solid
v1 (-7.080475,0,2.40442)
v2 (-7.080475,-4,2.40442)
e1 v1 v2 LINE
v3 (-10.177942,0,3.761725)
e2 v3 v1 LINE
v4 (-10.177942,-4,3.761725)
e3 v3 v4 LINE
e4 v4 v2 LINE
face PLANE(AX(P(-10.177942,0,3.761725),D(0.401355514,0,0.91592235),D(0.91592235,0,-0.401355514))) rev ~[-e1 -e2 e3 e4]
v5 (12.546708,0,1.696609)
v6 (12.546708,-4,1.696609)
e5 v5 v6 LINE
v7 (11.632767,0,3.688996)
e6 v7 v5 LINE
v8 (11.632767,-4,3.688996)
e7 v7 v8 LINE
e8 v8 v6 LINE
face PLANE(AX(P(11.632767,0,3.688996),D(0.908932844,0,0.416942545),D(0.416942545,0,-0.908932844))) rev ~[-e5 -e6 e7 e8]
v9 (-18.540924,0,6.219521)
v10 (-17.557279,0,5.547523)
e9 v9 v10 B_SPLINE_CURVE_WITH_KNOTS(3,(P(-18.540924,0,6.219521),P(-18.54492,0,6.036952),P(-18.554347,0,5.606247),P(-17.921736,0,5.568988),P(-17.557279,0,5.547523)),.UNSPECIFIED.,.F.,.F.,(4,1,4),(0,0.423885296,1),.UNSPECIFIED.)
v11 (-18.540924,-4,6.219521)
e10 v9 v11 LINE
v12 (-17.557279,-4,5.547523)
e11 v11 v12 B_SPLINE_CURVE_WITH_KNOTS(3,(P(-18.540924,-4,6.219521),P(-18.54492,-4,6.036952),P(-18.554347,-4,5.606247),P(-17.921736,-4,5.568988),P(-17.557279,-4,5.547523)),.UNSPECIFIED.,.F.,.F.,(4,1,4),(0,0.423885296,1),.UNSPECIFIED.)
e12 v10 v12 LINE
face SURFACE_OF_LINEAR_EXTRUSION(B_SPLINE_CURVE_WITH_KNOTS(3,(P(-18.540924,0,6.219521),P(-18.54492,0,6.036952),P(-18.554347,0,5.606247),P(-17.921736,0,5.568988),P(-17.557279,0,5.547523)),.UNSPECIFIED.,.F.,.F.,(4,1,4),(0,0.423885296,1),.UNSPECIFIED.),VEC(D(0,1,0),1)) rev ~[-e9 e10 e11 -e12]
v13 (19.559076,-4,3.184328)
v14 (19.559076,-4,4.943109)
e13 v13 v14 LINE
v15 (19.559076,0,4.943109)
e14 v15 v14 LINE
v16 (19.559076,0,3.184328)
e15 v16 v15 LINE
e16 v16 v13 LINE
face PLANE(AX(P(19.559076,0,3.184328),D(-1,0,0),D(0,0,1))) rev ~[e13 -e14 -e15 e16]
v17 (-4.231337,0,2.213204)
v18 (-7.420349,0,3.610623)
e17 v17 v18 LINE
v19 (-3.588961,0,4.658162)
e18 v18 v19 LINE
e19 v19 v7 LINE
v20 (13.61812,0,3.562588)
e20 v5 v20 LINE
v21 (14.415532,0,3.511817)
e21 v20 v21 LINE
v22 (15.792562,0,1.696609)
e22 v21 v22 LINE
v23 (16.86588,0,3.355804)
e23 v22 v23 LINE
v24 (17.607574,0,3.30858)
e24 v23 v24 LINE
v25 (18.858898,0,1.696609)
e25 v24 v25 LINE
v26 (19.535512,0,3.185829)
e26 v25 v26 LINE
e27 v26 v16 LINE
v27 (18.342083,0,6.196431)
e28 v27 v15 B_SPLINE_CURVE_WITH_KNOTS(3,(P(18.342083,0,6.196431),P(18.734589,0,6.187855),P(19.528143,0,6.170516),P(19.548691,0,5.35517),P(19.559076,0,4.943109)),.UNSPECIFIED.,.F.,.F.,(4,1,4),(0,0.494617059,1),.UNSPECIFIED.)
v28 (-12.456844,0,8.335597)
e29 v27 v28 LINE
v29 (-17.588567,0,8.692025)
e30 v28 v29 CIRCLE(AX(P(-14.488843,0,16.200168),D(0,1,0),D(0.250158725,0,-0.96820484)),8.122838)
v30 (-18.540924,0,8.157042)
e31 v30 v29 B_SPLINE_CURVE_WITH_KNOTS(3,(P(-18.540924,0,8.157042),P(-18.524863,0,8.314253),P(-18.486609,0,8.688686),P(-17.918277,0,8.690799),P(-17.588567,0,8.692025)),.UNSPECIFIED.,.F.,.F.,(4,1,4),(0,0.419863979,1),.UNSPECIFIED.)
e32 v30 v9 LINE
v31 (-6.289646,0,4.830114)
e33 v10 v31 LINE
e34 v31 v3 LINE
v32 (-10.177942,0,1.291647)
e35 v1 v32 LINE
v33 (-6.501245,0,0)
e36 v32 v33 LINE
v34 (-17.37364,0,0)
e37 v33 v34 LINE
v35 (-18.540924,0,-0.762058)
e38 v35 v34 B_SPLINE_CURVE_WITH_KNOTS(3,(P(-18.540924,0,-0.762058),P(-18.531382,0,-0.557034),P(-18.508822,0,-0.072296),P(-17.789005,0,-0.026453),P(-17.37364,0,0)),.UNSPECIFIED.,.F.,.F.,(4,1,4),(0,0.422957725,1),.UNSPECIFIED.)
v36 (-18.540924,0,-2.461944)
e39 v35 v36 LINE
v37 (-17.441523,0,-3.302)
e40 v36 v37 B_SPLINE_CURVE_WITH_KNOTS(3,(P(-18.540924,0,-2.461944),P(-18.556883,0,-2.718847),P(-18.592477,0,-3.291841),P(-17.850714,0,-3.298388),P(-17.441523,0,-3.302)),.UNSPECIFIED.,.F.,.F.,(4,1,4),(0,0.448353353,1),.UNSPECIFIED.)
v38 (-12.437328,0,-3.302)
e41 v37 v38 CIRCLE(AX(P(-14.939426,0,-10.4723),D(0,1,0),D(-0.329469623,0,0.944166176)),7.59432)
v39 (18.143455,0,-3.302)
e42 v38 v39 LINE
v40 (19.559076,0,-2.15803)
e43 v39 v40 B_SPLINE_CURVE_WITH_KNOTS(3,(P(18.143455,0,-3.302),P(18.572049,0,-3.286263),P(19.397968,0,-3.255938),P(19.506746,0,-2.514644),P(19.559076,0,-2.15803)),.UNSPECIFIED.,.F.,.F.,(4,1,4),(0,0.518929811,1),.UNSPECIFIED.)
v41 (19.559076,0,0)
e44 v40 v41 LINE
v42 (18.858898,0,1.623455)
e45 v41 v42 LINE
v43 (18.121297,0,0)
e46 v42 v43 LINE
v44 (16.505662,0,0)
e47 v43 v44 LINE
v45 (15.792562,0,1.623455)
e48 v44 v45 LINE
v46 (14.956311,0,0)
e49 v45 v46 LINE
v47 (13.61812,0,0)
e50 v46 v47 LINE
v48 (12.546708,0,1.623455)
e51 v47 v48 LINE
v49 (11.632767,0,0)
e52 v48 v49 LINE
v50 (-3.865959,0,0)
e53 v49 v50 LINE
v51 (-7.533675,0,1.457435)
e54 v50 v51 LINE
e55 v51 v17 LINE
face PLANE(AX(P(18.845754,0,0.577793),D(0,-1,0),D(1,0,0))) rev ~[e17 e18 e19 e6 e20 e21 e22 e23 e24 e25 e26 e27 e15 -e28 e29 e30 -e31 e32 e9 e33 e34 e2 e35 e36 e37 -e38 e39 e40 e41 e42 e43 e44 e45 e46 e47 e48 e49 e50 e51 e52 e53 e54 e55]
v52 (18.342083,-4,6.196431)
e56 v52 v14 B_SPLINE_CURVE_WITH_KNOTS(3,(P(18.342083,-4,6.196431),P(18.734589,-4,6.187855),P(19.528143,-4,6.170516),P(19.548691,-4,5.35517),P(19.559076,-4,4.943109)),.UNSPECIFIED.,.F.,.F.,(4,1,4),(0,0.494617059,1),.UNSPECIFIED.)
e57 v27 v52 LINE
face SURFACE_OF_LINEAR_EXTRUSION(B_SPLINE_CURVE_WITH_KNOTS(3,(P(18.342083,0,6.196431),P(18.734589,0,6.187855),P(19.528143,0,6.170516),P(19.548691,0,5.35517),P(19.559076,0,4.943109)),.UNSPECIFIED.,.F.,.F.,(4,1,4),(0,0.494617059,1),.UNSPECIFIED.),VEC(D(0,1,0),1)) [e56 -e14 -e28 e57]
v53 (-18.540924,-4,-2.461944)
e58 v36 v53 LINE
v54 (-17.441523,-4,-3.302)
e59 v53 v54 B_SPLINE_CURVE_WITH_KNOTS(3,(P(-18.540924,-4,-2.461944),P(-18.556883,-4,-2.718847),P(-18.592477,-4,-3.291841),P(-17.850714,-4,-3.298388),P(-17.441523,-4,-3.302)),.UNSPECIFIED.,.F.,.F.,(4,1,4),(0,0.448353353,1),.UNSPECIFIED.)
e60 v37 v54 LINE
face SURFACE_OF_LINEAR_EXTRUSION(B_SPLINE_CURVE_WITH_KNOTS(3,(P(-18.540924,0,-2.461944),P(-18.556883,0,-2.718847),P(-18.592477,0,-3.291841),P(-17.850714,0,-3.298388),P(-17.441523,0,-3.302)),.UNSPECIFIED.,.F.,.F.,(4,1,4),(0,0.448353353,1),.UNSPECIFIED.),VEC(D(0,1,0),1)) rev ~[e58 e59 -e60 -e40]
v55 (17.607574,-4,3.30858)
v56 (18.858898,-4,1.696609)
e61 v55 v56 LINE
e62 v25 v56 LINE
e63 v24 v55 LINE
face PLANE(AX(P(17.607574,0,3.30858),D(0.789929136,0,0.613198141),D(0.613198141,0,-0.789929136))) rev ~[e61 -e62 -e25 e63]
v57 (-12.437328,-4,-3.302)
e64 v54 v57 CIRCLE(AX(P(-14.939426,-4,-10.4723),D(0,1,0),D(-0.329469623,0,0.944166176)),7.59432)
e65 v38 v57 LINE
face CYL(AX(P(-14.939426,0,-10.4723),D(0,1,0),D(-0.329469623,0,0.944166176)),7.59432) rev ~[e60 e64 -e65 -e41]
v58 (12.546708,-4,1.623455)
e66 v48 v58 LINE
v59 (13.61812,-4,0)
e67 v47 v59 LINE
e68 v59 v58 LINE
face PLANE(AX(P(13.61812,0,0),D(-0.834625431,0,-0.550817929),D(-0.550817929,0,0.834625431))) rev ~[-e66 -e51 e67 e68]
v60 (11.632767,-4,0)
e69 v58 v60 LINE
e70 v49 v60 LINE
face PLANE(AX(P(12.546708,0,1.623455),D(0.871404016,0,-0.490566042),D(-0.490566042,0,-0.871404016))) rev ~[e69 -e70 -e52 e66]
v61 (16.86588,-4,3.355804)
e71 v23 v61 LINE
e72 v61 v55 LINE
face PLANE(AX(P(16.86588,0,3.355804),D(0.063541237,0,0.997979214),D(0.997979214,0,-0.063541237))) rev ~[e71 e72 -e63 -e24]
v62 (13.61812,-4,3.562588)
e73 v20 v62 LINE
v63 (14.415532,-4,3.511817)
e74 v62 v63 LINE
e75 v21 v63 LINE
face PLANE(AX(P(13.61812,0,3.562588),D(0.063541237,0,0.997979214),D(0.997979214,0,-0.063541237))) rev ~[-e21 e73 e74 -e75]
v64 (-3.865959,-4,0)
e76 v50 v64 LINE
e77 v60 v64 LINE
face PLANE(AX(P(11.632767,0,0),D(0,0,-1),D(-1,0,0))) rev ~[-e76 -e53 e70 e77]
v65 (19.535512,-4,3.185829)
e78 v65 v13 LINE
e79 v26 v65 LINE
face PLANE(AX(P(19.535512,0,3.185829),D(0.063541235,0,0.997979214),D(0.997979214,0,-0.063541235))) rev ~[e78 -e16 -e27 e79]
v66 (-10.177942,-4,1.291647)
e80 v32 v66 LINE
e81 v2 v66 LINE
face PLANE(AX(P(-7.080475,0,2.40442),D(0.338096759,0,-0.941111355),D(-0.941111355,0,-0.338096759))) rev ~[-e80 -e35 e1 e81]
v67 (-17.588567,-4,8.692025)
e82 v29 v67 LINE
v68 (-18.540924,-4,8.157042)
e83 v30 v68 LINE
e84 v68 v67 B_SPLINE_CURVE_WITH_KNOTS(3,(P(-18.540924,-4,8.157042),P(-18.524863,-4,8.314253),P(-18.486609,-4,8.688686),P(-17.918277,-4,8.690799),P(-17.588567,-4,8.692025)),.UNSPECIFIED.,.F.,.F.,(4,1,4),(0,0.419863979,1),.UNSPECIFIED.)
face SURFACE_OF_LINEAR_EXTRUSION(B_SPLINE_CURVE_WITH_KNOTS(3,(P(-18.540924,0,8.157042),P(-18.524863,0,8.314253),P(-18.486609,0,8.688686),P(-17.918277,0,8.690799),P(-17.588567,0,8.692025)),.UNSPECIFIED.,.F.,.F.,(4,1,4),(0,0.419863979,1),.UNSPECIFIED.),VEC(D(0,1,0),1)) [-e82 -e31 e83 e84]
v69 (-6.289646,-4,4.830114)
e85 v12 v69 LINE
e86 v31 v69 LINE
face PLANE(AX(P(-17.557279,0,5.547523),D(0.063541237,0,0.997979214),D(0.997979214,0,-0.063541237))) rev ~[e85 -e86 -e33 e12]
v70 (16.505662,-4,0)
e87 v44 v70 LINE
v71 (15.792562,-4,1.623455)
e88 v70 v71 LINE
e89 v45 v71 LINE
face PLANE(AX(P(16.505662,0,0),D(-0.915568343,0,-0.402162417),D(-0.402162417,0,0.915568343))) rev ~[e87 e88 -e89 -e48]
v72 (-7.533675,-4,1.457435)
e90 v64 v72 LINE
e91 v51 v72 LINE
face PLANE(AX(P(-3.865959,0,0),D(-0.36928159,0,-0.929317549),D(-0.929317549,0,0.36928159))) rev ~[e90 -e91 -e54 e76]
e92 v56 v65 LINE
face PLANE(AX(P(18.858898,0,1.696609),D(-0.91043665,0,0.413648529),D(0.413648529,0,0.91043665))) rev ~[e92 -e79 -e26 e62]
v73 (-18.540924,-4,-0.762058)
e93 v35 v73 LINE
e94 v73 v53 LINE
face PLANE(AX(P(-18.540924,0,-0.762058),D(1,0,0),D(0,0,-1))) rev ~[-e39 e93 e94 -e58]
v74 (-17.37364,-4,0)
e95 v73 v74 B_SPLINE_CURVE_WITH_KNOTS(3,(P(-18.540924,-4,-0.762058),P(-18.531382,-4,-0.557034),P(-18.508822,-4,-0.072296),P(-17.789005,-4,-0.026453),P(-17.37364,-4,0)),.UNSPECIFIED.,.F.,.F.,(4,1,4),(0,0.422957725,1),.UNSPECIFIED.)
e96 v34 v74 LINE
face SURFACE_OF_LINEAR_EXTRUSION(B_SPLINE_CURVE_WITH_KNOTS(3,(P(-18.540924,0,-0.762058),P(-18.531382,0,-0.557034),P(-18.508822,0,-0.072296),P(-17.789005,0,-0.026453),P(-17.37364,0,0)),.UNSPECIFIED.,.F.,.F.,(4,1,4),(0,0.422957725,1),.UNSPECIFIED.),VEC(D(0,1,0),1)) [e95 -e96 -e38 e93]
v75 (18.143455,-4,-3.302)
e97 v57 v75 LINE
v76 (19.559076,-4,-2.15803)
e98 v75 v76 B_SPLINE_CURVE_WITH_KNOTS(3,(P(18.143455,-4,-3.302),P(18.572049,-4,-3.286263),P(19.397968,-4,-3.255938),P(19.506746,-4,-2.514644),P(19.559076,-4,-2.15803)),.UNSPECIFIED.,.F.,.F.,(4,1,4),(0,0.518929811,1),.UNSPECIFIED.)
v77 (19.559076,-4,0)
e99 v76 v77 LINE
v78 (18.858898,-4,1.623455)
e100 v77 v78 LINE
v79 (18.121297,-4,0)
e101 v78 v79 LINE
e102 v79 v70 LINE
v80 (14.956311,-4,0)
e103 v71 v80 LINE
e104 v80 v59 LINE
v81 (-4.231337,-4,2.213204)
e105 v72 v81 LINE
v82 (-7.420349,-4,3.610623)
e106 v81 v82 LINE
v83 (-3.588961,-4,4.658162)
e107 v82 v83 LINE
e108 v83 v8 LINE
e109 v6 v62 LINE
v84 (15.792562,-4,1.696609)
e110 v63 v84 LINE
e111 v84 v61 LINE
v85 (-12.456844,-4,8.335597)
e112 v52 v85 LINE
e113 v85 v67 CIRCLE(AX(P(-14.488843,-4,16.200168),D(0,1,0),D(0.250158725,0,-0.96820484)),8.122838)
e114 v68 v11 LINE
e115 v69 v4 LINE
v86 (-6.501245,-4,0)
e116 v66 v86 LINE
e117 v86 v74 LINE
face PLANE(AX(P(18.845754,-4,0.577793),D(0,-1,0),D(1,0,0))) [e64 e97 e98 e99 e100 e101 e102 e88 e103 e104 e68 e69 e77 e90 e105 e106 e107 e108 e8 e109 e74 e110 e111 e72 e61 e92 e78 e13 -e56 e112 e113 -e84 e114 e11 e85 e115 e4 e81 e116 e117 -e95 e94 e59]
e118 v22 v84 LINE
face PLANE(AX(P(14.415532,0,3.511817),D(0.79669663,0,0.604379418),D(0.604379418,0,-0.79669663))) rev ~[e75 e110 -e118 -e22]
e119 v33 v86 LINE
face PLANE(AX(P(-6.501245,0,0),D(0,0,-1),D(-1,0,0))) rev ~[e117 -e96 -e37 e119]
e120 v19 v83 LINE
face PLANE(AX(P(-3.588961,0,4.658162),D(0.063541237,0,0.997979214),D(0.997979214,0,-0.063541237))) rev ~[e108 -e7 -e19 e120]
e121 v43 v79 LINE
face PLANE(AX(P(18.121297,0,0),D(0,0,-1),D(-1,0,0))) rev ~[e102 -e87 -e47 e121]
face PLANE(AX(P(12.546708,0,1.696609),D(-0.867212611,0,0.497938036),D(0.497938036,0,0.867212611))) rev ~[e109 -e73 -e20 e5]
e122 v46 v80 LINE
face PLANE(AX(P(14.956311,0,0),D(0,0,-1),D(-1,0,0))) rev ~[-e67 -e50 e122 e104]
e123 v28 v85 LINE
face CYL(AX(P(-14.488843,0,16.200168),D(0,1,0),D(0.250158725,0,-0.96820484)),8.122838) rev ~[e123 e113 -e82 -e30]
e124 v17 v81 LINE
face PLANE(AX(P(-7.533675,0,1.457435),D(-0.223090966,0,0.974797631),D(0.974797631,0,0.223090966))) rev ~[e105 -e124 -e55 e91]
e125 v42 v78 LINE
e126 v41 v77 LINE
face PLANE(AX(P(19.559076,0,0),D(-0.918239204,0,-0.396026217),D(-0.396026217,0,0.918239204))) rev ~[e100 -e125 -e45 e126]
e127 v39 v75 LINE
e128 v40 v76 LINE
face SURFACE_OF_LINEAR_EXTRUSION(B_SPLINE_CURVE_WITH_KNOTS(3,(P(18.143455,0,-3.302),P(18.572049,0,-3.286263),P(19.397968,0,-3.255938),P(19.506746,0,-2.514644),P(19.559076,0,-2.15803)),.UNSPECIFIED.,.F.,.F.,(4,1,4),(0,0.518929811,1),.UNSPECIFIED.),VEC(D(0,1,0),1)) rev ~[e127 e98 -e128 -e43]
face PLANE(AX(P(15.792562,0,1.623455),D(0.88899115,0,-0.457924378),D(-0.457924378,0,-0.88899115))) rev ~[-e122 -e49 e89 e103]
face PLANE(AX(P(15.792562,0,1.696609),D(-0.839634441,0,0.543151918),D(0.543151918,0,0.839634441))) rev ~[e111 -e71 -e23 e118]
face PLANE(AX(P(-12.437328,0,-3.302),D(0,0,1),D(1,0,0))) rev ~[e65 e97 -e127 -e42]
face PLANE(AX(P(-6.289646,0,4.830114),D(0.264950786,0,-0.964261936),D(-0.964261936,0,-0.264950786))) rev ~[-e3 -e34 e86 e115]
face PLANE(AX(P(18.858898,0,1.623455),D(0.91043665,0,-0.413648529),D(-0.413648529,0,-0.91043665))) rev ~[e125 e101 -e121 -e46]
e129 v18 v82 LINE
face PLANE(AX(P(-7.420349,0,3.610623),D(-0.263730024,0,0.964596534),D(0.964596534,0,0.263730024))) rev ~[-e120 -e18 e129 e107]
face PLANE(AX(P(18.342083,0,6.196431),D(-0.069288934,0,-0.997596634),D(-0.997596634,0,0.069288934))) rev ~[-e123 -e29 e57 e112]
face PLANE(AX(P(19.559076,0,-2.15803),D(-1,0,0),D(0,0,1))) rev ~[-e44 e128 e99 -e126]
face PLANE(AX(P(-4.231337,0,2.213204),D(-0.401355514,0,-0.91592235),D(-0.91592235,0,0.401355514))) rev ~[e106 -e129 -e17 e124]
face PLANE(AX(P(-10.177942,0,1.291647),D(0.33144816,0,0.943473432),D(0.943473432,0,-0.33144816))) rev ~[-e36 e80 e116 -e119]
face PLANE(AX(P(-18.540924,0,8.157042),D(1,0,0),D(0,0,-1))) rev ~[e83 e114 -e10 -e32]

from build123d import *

# Parameters (mm, degrees)
F1_DEPTH = 4


with BuildPart() as f1:
    # F0 (on Front) → F1 (new body)
    with BuildSketch(Plane.XZ):
        Polygon((18.1212967897, 0), (19.5590760559, 0), (18.8588984311, 1.6234545037), align=None)
        with BuildLine():
            Line((19.5590760559, -2.1580299363), (19.5590760559, 0))
            Line((19.5590760559, 0), (18.1212967897, 0))
            Line((18.1212967897, 0), (16.5056623518, 0))
            Line((16.5056623518, 0), (14.9563110818, 0))
            Line((14.9563110818, 0), (13.6181200498, 0))
            Line((13.6181200498, 0), (11.6327671148, 0))
            Line((11.6327671148, 0), (-3.8659593556, 0))
            Line((-3.8659593556, 0), (-6.5012451862, 0))
            Line((-6.5012451862, 0), (-17.3736400902, 0))
            add(Edge.make_bspline(
                [(-18.5409239441, -0.7620579563), (-18.5313819873, -0.5570340705), (-18.5088219152, -0.0722955878), (-17.7890049244, -0.0264530705), (-17.3736400902, 0)],
                knots=[0, 0, 0, 0, 0.4229577248, 1, 1, 1, 1], degree=3))
            Line((-18.5409239441, -0.7620579563), (-18.5409239441, -2.4619437754))
            add(Edge.make_bspline(
                [(-18.5409239441, -2.4619437754), (-18.5568826251, -2.7188473012), (-18.5924766066, -3.2918407312), (-17.8507141613, -3.2983881425), (-17.4415233956, -3.302)],
                knots=[0, 0, 0, 0, 0.4483533532, 1, 1, 1, 1], degree=3))
            ThreePointArc((-17.4415233956, -3.302), (-14.9394255131, -2.8779800495), (-12.4373276307, -3.302))
            Line((-12.4373276307, -3.302), (18.1434545666, -3.302))
            add(Edge.make_bspline(
                [(18.1434545666, -3.302), (18.5720487525, -3.2862632294), (19.3979681291, -3.2559377976), (19.5067461789, -2.5146441916), (19.5590760559, -2.1580299363)],
                knots=[0, 0, 0, 0, 0.5189298108, 1, 1, 1, 1], degree=3))
        make_face()
        Polygon((14.9563110818, 0), (16.5056623518, 0), (15.792561695, 1.6234545037), align=None)
        Polygon((11.6327671148, 0), (13.6181200498, 0), (12.546707876, 1.6234545037), align=None)
        Polygon((-6.5012451862, 0), (-3.8659593556, 0), (-7.5336750597, 1.4574349625), (-4.2313374579, 2.2132038139), (-7.4203494005, 3.6106230691), (-3.5889614675, 4.6581615955), (-6.2896457049, 4.8301138928), (-10.1779419929, 3.7617245689), (-7.0804748294, 2.40442007), (-10.1779419929, 1.2916467484), align=None)
        with BuildLine():
            Line((-6.2896457049, 4.8301138928), (-3.5889614675, 4.6581615955))
            Line((-3.5889614675, 4.6581615955), (11.6327671148, 3.6889956474))
            Line((11.6327671148, 3.6889956474), (13.6181200498, 3.5625884231))
            Line((13.6181200498, 3.5625884231), (14.4155324855, 3.5118172525))
            Line((14.4155324855, 3.5118172525), (16.8658798656, 3.355803878))
            Line((16.8658798656, 3.355803878), (17.6075737409, 3.3085803026))
            Line((17.6075737409, 3.3085803026), (19.5355117321, 3.185828682))
            Line((19.5355117321, 3.185828682), (19.5590760559, 3.1843283439))
            Line((19.5590760559, 3.1843283439), (19.5590760559, 4.9431086518))
            add(Edge.make_bspline(
                [(18.3420831283, 6.1964309278), (18.7345885657, 6.1878547056), (19.5281427506, 6.1705155904), (19.5486912134, 5.3551702683), (19.5590760559, 4.9431086518)],
                knots=[0, 0, 0, 0, 0.4946170594, 1, 1, 1, 1], degree=3))
            Line((18.3420831283, 6.1964309278), (-12.4568440589, 8.3355969669))
            ThreePointArc((-12.4568440589, 8.3355969669), (-15.0516657643, 8.0968521777), (-17.5885669887, 8.692025207))
            add(Edge.make_bspline(
                [(-18.5409239441, 8.1570418552), (-18.5248625182, 8.314252707), (-18.4866086391, 8.6886855231), (-17.9182767751, 8.6907990651), (-17.5885669887, 8.692025207)],
                knots=[0, 0, 0, 0, 0.4198639786, 1, 1, 1, 1], degree=3))
            Line((-18.5409239441, 8.1570418552), (-18.5409239441, 6.2195211649))
            add(Edge.make_bspline(
                [(-18.5409239441, 6.2195211649), (-18.5449199509, 6.03695186), (-18.5543470455, 5.6062473591), (-17.9217358709, 5.568988424), (-17.5572792713, 5.5475230036)],
                knots=[0, 0, 0, 0, 0.4238852961, 1, 1, 1, 1], degree=3))
            Line((-17.5572792713, 5.5475230036), (-6.2896457049, 4.8301138928))
        make_face()
        Polygon((13.6181200498, 3.5625884231), (11.6327671148, 3.6889956474), (12.546707876, 1.6966089606), align=None)
        Polygon((16.8658798656, 3.355803878), (14.4155324855, 3.5118172525), (15.792561695, 1.6966089606), align=None)
        Polygon((19.5355117321, 3.185828682), (17.6075737409, 3.3085803026), (18.8588984311, 1.6966089606), align=None)
    extrude(amount=F1_DEPTH)


solid = f1.part
